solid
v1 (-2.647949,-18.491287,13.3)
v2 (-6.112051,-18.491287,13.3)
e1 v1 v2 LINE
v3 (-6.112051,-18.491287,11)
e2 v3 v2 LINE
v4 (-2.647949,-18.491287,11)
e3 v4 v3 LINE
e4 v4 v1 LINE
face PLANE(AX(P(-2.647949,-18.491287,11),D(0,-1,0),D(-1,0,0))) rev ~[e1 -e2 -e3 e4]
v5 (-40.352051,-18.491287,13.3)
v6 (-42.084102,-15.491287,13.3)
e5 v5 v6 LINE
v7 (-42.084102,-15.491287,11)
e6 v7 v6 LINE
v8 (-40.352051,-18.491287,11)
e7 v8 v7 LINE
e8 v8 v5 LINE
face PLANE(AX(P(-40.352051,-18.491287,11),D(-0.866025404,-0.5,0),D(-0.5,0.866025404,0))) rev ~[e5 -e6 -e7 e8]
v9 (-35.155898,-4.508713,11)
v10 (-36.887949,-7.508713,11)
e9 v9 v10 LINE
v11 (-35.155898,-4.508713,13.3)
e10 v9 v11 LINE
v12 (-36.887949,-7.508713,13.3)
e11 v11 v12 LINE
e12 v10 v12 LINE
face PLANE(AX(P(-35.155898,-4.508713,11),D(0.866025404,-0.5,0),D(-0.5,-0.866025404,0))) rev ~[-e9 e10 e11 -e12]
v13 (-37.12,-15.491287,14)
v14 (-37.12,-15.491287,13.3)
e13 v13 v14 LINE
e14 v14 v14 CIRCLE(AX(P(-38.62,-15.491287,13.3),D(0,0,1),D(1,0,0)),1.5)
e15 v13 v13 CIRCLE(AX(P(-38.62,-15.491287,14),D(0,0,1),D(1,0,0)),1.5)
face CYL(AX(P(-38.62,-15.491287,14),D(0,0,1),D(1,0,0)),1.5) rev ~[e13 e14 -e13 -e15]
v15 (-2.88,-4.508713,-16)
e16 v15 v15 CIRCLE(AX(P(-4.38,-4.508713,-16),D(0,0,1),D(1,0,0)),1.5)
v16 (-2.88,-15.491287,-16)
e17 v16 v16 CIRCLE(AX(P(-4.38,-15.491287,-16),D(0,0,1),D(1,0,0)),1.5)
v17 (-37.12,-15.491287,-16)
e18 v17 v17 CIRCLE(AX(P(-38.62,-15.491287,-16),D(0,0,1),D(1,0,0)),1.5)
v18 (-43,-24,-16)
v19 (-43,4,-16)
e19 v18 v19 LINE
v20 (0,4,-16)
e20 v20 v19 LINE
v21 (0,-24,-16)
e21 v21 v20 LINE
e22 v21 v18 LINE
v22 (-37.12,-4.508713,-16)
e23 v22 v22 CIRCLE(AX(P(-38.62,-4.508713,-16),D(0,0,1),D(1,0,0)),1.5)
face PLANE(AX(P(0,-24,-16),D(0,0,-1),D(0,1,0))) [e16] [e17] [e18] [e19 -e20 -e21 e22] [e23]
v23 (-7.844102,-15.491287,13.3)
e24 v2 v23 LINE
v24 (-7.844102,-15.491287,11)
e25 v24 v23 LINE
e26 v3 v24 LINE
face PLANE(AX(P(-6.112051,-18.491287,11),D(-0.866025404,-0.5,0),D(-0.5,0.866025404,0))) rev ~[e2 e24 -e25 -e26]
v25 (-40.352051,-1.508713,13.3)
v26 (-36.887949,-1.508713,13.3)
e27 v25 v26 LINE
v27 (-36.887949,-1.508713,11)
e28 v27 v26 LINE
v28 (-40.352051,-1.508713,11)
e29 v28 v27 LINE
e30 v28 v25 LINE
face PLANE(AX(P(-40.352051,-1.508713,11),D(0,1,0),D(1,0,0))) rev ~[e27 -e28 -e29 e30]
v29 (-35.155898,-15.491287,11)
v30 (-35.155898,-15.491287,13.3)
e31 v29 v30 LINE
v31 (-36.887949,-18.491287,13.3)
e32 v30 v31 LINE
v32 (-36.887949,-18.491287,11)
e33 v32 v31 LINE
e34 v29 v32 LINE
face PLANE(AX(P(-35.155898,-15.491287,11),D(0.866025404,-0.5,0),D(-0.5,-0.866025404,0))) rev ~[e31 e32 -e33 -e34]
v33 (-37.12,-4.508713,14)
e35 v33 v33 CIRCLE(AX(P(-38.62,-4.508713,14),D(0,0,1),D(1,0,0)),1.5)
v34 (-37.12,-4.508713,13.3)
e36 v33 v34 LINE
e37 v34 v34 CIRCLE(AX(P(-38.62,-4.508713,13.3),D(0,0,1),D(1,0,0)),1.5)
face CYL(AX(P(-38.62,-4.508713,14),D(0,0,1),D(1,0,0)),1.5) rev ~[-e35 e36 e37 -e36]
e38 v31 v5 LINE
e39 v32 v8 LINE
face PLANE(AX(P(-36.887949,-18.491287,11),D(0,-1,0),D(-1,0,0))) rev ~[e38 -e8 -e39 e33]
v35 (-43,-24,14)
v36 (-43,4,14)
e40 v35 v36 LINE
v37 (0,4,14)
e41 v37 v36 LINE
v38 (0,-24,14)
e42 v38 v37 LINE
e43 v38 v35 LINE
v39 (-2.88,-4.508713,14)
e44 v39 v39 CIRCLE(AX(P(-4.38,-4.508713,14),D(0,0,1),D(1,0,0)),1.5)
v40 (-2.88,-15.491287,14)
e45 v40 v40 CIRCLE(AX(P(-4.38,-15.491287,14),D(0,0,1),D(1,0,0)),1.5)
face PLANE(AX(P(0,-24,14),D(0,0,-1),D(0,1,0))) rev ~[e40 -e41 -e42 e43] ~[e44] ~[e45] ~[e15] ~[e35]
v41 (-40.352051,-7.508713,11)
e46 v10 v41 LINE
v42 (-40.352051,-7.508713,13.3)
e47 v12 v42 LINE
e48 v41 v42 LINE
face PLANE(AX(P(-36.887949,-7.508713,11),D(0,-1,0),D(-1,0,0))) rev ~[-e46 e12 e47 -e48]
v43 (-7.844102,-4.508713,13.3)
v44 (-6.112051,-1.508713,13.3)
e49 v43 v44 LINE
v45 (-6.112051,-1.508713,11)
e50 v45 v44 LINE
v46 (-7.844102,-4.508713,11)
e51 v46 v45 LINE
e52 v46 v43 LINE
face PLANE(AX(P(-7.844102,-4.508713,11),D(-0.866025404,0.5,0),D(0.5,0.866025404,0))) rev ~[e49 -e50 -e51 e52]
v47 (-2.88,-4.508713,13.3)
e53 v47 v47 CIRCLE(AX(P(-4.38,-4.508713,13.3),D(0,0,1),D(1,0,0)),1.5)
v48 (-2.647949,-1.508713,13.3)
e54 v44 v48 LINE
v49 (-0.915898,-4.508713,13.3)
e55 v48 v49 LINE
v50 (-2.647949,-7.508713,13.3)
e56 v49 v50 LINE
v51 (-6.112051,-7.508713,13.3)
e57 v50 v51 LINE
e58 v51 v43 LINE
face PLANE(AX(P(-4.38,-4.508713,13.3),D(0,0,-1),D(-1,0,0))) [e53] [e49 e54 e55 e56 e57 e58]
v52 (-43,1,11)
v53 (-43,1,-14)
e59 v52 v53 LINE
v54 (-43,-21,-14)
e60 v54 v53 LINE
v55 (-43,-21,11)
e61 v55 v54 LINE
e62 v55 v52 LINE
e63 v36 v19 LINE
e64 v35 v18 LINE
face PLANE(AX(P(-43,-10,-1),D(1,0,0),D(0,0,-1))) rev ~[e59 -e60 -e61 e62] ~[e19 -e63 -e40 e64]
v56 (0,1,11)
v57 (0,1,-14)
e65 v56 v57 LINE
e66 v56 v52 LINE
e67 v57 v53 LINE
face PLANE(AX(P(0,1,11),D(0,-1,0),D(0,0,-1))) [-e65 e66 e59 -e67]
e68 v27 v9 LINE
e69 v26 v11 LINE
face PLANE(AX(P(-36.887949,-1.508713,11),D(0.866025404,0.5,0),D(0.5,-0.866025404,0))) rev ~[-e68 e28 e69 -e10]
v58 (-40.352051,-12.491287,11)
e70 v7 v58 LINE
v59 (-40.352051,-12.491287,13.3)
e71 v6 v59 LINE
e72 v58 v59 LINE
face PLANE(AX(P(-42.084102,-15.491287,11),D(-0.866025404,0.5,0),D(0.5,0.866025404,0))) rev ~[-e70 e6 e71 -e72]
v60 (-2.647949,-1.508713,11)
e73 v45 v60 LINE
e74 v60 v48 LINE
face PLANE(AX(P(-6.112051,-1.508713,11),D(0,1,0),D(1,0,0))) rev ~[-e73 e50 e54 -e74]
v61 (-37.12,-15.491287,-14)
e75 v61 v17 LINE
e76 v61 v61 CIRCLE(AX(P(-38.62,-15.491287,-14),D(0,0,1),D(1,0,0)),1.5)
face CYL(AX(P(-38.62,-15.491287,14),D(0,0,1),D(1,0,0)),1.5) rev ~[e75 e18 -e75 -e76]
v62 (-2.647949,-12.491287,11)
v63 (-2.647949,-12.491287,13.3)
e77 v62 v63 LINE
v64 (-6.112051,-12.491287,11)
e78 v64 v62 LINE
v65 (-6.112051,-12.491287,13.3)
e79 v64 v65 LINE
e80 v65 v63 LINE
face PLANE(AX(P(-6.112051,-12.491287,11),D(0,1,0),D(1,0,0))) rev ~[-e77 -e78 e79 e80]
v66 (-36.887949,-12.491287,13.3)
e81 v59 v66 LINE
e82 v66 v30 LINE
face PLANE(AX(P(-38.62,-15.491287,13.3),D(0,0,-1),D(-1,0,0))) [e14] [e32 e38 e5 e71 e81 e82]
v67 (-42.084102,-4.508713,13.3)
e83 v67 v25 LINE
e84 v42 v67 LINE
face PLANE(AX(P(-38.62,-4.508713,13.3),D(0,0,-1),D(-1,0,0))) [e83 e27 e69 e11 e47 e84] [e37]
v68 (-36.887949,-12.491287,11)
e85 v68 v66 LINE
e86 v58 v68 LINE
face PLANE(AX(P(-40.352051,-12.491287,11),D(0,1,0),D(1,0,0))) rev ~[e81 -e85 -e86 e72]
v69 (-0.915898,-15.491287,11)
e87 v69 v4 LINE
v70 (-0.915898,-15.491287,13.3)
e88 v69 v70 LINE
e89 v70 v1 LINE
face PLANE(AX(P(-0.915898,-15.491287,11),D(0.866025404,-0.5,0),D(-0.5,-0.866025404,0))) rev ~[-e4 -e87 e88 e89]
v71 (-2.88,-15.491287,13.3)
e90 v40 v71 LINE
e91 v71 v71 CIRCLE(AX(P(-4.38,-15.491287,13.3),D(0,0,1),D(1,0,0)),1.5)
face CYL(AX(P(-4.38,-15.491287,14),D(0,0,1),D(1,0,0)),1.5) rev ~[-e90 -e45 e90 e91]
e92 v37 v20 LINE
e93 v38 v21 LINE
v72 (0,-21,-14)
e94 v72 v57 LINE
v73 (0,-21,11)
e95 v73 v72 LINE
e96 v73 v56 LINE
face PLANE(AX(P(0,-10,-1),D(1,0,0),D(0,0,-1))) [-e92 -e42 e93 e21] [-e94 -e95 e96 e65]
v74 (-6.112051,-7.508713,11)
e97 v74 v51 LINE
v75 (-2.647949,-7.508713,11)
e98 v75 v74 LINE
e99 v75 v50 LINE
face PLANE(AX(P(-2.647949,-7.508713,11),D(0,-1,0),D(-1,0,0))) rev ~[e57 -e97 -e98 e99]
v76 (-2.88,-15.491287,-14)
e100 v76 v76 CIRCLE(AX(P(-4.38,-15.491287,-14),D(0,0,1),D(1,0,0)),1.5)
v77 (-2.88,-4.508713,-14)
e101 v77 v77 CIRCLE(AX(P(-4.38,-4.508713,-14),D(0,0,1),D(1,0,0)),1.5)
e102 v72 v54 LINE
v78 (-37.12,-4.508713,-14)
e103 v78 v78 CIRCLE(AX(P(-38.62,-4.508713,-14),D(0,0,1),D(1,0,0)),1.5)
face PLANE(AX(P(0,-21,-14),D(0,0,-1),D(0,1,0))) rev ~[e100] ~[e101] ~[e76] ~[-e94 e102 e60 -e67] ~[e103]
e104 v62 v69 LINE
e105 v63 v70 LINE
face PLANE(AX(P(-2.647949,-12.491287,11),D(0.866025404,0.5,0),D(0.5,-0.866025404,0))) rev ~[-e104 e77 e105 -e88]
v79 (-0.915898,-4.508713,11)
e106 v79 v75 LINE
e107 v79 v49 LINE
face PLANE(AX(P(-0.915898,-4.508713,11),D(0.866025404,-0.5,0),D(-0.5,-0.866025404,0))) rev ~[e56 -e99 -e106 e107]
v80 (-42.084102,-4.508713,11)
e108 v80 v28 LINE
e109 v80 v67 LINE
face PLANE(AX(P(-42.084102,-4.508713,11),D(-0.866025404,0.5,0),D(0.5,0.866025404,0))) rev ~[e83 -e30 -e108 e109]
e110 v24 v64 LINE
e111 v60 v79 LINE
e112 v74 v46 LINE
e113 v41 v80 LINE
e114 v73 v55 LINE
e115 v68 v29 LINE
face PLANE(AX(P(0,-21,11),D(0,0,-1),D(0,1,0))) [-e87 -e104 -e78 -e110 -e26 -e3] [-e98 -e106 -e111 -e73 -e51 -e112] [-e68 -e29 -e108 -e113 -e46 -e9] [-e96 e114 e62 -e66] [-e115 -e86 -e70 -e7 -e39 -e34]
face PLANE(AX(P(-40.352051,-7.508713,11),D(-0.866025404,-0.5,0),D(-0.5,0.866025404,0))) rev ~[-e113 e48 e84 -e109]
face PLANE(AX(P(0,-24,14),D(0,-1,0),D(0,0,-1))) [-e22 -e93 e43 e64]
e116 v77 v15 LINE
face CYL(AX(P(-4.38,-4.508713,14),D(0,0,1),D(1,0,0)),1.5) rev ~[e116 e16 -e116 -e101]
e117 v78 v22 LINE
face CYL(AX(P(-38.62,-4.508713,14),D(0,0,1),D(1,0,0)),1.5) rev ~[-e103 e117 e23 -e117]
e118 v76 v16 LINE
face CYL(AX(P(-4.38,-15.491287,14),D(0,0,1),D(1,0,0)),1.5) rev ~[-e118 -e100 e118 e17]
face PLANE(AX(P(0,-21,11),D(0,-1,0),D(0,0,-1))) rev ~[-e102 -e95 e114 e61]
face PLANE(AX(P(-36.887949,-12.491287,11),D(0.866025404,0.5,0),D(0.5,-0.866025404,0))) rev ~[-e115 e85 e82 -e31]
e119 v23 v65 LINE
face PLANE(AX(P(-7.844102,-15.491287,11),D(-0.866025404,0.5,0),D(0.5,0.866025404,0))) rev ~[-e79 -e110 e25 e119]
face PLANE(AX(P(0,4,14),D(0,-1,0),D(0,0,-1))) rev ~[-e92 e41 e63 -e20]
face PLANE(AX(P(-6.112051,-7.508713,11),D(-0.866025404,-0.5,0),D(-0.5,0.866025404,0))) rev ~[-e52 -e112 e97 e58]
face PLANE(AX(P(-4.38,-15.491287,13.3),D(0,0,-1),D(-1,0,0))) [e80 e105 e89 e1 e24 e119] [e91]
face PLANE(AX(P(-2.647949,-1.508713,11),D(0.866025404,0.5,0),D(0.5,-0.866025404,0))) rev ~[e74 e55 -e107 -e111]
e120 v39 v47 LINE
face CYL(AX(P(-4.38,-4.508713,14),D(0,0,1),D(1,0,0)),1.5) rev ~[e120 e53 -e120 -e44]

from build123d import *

# Parameters (mm, degrees)
SKETCH19_W          = 30
SKETCH19_H          = 28
SKETCH19_W_2        = 25
SKETCH19_H_2        = 22
BOSS_EXTRUDE1_DEPTH = 43
SKETCH30_R          = 1.5
CUT_EXTRUDE2_DEPTH  = 31
CUT_EXTRUDE4_DEPTH  = 2.3


with BuildPart() as part:
    # Sketch19 → Boss-Extrude1 (new body)
    with BuildSketch(Plane(origin=(0, 0, 0), x_dir=(0, 0, -1), z_dir=(1, 0, 0))):
        with Locations((1, -10)):
            Rectangle(SKETCH19_W, SKETCH19_H)
        with Locations((1.5, -10)):
            Rectangle(SKETCH19_W_2, SKETCH19_H_2, mode=Mode.SUBTRACT)
    extrude(amount=-BOSS_EXTRUDE1_DEPTH)

    # Sketch30 → Cut-Extrude2 (cut, through all)
    with BuildSketch(Plane.XY.offset(14)):
        with Locations((-38.62, -4.508713144)):
            Circle(SKETCH30_R)
        with Locations((-4.38, -4.508713144)):
            Circle(SKETCH30_R)
        with Locations((-4.38, -15.491286856)):
            Circle(SKETCH30_R)
        with Locations((-38.62, -15.491286856)):
            Circle(SKETCH30_R)
    extrude(amount=-CUT_EXTRUDE2_DEPTH, mode=Mode.SUBTRACT)

    # Sketch31 → Cut-Extrude4 (cut)
    with BuildSketch(Plane(origin=(0, 0, 11), x_dir=(-1, 0, 0), z_dir=(0, 0, -1))):
        Polygon((42.084101615, -4.508713144), (40.352050808, -1.508713144), (36.887949192, -1.508713144), (35.155898385, -4.508713144), (36.887949192, -7.508713144), (40.352050808, -7.508713144), align=None)
        Polygon((7.844101615, -4.508713144), (6.112050808, -1.508713144), (2.647949192, -1.508713144), (0.915898385, -4.508713144), (2.647949192, -7.508713144), (6.112050808, -7.508713144), align=None)
        Polygon((7.844101615, -15.491286856), (6.112050808, -12.491286856), (2.647949192, -12.491286856), (0.915898385, -15.491286856), (2.647949192, -18.491286856), (6.112050808, -18.491286856), align=None)
        Polygon((42.084101615, -15.491286856), (40.352050808, -12.491286856), (36.887949192, -12.491286856), (35.155898385, -15.491286856), (36.887949192, -18.491286856), (40.352050808, -18.491286856), align=None)
    extrude(amount=-CUT_EXTRUDE4_DEPTH, mode=Mode.SUBTRACT)


solid = part.part
